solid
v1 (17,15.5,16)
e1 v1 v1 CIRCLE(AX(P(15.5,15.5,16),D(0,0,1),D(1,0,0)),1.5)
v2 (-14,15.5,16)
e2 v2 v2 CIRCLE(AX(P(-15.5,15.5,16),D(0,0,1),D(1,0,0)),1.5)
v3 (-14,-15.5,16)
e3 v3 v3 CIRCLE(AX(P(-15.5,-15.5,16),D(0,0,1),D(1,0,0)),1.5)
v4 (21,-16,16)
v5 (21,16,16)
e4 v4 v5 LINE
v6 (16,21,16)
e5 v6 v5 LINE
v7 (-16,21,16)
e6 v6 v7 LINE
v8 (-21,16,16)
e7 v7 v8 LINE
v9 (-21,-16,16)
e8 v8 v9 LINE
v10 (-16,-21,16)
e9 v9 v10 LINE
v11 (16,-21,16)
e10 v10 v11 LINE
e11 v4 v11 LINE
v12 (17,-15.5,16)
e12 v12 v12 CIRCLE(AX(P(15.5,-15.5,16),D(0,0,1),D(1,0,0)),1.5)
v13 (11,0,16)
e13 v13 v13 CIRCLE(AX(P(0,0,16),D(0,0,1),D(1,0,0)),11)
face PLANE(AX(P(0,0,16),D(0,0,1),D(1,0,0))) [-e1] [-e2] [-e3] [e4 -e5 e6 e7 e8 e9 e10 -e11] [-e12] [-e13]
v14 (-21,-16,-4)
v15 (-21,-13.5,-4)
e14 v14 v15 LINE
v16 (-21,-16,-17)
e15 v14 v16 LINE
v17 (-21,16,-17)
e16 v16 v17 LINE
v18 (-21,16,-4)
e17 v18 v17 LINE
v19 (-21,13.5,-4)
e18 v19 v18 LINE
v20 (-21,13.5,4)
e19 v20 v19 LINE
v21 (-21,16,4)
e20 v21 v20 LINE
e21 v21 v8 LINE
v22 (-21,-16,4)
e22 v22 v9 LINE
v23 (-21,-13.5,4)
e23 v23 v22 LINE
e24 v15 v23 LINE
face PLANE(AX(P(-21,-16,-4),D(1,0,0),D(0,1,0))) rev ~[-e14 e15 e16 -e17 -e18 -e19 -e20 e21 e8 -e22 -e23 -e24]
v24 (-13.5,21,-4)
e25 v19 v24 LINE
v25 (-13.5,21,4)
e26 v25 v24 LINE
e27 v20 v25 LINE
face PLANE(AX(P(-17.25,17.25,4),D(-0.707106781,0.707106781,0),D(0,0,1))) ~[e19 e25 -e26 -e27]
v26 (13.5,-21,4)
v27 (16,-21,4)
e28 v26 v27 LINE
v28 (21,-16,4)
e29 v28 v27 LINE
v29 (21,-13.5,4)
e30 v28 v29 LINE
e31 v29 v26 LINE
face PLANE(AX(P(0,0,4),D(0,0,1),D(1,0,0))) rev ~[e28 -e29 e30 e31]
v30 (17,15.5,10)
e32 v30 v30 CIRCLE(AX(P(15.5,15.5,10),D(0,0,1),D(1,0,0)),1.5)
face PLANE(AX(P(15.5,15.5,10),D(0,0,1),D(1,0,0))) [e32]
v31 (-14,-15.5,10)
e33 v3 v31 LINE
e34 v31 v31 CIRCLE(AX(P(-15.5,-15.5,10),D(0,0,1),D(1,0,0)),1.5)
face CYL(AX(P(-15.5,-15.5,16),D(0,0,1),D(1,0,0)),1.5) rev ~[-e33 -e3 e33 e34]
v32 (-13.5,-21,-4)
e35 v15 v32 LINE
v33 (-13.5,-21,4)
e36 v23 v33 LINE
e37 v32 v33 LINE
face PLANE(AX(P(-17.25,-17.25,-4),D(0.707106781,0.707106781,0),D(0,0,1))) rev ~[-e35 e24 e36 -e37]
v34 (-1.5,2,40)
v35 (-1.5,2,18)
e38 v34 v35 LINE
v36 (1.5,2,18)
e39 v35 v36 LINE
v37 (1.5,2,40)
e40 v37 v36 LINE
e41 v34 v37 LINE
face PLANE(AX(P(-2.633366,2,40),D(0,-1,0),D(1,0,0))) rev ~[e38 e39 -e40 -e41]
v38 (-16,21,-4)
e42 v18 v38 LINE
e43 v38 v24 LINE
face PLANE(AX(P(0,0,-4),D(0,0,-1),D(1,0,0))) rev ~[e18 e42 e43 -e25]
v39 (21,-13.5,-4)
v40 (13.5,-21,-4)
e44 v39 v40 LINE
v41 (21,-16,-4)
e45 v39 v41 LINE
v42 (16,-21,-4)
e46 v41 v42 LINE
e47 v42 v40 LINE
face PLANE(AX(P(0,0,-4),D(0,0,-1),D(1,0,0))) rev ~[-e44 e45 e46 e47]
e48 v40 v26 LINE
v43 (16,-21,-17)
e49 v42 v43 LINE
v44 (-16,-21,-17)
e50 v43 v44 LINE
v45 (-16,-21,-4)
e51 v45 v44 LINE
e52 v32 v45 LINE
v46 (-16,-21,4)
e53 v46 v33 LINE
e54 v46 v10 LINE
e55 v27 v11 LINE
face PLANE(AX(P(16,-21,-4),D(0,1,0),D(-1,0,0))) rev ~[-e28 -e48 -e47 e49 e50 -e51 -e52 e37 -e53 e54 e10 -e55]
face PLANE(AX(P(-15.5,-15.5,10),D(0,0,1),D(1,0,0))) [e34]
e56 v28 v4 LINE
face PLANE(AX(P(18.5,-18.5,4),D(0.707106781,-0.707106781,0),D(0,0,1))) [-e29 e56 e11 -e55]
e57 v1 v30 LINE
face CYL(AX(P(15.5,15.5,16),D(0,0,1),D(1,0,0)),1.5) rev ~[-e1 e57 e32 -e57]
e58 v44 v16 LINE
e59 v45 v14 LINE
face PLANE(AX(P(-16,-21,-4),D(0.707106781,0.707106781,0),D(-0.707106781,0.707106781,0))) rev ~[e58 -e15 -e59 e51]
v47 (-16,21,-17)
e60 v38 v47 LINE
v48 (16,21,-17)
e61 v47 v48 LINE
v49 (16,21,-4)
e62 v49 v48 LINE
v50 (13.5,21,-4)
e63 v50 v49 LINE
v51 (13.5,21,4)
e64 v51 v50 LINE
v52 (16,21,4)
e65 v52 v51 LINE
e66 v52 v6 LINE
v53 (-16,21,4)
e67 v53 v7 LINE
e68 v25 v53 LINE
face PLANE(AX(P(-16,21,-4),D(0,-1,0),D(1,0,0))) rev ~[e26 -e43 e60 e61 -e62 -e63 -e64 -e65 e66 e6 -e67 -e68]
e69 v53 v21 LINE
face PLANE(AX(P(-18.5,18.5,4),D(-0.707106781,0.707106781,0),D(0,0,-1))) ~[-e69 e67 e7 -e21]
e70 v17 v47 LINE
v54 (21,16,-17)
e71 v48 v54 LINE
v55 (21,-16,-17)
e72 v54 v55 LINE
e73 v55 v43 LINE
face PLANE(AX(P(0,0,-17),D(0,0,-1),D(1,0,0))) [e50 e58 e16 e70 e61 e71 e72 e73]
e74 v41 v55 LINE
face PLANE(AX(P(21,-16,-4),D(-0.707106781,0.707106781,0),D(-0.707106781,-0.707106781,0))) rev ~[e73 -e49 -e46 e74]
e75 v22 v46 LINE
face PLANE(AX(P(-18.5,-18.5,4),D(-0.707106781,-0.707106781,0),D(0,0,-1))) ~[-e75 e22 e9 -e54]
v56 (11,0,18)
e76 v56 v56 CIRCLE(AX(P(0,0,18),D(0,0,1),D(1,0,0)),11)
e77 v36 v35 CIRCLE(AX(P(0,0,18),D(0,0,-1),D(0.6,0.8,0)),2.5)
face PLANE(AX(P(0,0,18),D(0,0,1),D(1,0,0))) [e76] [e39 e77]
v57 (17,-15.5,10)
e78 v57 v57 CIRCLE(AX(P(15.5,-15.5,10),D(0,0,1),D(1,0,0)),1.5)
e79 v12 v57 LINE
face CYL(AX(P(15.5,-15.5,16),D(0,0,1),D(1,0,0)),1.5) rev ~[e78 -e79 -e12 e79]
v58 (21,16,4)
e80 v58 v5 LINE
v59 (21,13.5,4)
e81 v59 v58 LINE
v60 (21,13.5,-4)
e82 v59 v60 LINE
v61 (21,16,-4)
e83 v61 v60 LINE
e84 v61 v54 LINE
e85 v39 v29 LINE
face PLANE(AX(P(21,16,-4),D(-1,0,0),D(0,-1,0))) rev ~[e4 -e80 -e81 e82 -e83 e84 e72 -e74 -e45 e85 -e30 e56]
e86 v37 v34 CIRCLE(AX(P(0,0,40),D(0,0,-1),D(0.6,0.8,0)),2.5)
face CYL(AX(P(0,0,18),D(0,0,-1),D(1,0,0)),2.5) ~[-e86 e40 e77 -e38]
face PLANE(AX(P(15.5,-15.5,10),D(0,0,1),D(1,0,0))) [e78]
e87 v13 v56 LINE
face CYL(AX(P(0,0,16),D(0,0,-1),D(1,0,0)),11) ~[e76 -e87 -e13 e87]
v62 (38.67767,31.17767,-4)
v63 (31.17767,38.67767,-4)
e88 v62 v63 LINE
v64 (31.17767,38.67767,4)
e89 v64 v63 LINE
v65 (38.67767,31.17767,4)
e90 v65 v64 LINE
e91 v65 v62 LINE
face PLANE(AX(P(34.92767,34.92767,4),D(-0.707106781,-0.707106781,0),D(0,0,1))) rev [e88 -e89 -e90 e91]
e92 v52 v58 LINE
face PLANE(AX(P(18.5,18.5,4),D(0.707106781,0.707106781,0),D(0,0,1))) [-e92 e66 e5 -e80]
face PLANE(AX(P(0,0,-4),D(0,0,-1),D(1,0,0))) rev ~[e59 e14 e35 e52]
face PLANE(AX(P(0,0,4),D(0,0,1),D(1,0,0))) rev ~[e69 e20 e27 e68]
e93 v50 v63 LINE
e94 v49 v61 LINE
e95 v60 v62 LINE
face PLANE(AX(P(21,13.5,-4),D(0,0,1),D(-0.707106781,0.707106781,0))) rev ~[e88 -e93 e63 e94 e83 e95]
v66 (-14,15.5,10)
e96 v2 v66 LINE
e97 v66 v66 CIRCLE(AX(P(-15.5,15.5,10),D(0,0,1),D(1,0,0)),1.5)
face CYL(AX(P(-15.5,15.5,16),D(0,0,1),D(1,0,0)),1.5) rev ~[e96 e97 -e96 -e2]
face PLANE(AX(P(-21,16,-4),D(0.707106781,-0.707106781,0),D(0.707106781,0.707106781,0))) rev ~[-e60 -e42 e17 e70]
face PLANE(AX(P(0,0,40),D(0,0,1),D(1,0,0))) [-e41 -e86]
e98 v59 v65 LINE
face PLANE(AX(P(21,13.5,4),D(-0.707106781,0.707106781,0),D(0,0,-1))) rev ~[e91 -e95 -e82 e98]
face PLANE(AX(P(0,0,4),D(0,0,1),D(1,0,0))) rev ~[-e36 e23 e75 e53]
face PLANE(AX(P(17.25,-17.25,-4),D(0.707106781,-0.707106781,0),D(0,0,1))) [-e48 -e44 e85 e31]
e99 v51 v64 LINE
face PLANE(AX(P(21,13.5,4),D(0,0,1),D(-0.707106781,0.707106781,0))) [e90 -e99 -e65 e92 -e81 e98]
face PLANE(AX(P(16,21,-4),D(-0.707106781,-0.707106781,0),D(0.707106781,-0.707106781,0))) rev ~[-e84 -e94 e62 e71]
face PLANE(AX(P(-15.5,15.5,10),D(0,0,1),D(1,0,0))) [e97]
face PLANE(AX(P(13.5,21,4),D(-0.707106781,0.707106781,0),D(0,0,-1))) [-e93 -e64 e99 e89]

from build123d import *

# Parameters (mm, degrees)
F0_W      = 42
F0_H      = 42
F1_DEPTH  = 4
F2_SIZE   = 7.5
F4_DEPTH  = 12
F5_SIZE   = 5
F7_DEPTH  = 13
F8_R      = 11
F9_DEPTH  = 2
F10_R     = 2.5
F11_DEPTH = 22
F12_W     = 5.2537292178
F12_H     = 0.9334036984
F13_DEPTH = 22
F14_R     = 1.5
F15_DEPTH = 6
F16_DEPTH = 25


with BuildPart() as f1:
    # F0 (on Top) → F1 (new body, symmetric)
    with BuildSketch(Plane.XY):
        Rectangle(F0_W, F0_H)
    extrude(amount=F1_DEPTH, both=True)

    # F2
    f2_edges = [f1.edges().sort_by_distance(p)[0] for p in [
        (21, 21, 0),
        (-21, 21, 0),
        (-21, -21, 0),
        (21, -21, 0),
    ]]
    chamfer(f2_edges, length=F2_SIZE)

    # F3 (on face) → F4 (join)
    with BuildSketch(Plane.XY.offset(4)):
        Polygon((13.5, 21), (-13.5, 21), (-21, 13.5), (-21, -13.5), (-13.5, -21), (13.5, -21), (21, -13.5), (21, 13.5), align=None)
        Polygon((21, 21), (13.5, 21), (21, 13.5), align=None)
        Polygon((-13.5, 21), (-21, 21), (-21, 13.5), align=None)
        Polygon((-13.5, -21), (-21, -13.5), (-21, -21), align=None)
        Polygon((21, -21), (21, -13.5), (13.5, -21), align=None)
    extrude(amount=F4_DEPTH)

    # F5
    f5_edges = [f1.edges().sort_by_distance(p)[0] for p in [
        (21, -21, 10),
        (-21, -21, 10),
        (-21, 21, 10),
        (21, 21, 10),
    ]]
    chamfer(f5_edges, length=F5_SIZE)

    # F6 (on face) → F7 (join)
    with BuildSketch(Plane(origin=(0, 0, -4), x_dir=(1, 0, 0), z_dir=(0, 0, -1))):
        Polygon((21, -16), (21, 16), (16, 21), (-16, 21), (-21, 16), (-21, -16), (-16, -21), (16, -21), align=None)
    extrude(amount=F7_DEPTH)

    # F8 (on face) → F9 (join)
    with BuildSketch(Plane.XY.offset(16)):
        Circle(F8_R)
    extrude(amount=F9_DEPTH)

    # F10 (on face) → F11 (join)
    with BuildSketch(Plane.XY.offset(18)):
        Circle(F10_R)
    extrude(amount=F11_DEPTH)

    # F12 (on face) → F13 (cut)
    with BuildSketch(Plane.XY.offset(40)):
        with Locations((-0.0065014465, 2.4667018492)):
            Rectangle(F12_W, F12_H)
    extrude(amount=-F13_DEPTH, mode=Mode.SUBTRACT)

    # F14 (on face) → F15 (cut)
    with BuildSketch(Plane.XY.offset(16)):
        with Locations((-15.5, 15.5)):
            Circle(F14_R)
        with Locations((15.5, 15.5)):
            Circle(F14_R)
        with Locations((-15.5, -15.5)):
            Circle(F14_R)
        with Locations((15.5, -15.5)):
            Circle(F14_R)
    extrude(amount=-F15_DEPTH, mode=Mode.SUBTRACT)

    # F16 (add): a face of the model
    f16_faces = [f1.faces().sort_by_distance(p)[0] for p in [
        (17.25, 17.25, 0),
    ]]
    extrude(f16_faces, amount=F16_DEPTH)


solid = f1.part
